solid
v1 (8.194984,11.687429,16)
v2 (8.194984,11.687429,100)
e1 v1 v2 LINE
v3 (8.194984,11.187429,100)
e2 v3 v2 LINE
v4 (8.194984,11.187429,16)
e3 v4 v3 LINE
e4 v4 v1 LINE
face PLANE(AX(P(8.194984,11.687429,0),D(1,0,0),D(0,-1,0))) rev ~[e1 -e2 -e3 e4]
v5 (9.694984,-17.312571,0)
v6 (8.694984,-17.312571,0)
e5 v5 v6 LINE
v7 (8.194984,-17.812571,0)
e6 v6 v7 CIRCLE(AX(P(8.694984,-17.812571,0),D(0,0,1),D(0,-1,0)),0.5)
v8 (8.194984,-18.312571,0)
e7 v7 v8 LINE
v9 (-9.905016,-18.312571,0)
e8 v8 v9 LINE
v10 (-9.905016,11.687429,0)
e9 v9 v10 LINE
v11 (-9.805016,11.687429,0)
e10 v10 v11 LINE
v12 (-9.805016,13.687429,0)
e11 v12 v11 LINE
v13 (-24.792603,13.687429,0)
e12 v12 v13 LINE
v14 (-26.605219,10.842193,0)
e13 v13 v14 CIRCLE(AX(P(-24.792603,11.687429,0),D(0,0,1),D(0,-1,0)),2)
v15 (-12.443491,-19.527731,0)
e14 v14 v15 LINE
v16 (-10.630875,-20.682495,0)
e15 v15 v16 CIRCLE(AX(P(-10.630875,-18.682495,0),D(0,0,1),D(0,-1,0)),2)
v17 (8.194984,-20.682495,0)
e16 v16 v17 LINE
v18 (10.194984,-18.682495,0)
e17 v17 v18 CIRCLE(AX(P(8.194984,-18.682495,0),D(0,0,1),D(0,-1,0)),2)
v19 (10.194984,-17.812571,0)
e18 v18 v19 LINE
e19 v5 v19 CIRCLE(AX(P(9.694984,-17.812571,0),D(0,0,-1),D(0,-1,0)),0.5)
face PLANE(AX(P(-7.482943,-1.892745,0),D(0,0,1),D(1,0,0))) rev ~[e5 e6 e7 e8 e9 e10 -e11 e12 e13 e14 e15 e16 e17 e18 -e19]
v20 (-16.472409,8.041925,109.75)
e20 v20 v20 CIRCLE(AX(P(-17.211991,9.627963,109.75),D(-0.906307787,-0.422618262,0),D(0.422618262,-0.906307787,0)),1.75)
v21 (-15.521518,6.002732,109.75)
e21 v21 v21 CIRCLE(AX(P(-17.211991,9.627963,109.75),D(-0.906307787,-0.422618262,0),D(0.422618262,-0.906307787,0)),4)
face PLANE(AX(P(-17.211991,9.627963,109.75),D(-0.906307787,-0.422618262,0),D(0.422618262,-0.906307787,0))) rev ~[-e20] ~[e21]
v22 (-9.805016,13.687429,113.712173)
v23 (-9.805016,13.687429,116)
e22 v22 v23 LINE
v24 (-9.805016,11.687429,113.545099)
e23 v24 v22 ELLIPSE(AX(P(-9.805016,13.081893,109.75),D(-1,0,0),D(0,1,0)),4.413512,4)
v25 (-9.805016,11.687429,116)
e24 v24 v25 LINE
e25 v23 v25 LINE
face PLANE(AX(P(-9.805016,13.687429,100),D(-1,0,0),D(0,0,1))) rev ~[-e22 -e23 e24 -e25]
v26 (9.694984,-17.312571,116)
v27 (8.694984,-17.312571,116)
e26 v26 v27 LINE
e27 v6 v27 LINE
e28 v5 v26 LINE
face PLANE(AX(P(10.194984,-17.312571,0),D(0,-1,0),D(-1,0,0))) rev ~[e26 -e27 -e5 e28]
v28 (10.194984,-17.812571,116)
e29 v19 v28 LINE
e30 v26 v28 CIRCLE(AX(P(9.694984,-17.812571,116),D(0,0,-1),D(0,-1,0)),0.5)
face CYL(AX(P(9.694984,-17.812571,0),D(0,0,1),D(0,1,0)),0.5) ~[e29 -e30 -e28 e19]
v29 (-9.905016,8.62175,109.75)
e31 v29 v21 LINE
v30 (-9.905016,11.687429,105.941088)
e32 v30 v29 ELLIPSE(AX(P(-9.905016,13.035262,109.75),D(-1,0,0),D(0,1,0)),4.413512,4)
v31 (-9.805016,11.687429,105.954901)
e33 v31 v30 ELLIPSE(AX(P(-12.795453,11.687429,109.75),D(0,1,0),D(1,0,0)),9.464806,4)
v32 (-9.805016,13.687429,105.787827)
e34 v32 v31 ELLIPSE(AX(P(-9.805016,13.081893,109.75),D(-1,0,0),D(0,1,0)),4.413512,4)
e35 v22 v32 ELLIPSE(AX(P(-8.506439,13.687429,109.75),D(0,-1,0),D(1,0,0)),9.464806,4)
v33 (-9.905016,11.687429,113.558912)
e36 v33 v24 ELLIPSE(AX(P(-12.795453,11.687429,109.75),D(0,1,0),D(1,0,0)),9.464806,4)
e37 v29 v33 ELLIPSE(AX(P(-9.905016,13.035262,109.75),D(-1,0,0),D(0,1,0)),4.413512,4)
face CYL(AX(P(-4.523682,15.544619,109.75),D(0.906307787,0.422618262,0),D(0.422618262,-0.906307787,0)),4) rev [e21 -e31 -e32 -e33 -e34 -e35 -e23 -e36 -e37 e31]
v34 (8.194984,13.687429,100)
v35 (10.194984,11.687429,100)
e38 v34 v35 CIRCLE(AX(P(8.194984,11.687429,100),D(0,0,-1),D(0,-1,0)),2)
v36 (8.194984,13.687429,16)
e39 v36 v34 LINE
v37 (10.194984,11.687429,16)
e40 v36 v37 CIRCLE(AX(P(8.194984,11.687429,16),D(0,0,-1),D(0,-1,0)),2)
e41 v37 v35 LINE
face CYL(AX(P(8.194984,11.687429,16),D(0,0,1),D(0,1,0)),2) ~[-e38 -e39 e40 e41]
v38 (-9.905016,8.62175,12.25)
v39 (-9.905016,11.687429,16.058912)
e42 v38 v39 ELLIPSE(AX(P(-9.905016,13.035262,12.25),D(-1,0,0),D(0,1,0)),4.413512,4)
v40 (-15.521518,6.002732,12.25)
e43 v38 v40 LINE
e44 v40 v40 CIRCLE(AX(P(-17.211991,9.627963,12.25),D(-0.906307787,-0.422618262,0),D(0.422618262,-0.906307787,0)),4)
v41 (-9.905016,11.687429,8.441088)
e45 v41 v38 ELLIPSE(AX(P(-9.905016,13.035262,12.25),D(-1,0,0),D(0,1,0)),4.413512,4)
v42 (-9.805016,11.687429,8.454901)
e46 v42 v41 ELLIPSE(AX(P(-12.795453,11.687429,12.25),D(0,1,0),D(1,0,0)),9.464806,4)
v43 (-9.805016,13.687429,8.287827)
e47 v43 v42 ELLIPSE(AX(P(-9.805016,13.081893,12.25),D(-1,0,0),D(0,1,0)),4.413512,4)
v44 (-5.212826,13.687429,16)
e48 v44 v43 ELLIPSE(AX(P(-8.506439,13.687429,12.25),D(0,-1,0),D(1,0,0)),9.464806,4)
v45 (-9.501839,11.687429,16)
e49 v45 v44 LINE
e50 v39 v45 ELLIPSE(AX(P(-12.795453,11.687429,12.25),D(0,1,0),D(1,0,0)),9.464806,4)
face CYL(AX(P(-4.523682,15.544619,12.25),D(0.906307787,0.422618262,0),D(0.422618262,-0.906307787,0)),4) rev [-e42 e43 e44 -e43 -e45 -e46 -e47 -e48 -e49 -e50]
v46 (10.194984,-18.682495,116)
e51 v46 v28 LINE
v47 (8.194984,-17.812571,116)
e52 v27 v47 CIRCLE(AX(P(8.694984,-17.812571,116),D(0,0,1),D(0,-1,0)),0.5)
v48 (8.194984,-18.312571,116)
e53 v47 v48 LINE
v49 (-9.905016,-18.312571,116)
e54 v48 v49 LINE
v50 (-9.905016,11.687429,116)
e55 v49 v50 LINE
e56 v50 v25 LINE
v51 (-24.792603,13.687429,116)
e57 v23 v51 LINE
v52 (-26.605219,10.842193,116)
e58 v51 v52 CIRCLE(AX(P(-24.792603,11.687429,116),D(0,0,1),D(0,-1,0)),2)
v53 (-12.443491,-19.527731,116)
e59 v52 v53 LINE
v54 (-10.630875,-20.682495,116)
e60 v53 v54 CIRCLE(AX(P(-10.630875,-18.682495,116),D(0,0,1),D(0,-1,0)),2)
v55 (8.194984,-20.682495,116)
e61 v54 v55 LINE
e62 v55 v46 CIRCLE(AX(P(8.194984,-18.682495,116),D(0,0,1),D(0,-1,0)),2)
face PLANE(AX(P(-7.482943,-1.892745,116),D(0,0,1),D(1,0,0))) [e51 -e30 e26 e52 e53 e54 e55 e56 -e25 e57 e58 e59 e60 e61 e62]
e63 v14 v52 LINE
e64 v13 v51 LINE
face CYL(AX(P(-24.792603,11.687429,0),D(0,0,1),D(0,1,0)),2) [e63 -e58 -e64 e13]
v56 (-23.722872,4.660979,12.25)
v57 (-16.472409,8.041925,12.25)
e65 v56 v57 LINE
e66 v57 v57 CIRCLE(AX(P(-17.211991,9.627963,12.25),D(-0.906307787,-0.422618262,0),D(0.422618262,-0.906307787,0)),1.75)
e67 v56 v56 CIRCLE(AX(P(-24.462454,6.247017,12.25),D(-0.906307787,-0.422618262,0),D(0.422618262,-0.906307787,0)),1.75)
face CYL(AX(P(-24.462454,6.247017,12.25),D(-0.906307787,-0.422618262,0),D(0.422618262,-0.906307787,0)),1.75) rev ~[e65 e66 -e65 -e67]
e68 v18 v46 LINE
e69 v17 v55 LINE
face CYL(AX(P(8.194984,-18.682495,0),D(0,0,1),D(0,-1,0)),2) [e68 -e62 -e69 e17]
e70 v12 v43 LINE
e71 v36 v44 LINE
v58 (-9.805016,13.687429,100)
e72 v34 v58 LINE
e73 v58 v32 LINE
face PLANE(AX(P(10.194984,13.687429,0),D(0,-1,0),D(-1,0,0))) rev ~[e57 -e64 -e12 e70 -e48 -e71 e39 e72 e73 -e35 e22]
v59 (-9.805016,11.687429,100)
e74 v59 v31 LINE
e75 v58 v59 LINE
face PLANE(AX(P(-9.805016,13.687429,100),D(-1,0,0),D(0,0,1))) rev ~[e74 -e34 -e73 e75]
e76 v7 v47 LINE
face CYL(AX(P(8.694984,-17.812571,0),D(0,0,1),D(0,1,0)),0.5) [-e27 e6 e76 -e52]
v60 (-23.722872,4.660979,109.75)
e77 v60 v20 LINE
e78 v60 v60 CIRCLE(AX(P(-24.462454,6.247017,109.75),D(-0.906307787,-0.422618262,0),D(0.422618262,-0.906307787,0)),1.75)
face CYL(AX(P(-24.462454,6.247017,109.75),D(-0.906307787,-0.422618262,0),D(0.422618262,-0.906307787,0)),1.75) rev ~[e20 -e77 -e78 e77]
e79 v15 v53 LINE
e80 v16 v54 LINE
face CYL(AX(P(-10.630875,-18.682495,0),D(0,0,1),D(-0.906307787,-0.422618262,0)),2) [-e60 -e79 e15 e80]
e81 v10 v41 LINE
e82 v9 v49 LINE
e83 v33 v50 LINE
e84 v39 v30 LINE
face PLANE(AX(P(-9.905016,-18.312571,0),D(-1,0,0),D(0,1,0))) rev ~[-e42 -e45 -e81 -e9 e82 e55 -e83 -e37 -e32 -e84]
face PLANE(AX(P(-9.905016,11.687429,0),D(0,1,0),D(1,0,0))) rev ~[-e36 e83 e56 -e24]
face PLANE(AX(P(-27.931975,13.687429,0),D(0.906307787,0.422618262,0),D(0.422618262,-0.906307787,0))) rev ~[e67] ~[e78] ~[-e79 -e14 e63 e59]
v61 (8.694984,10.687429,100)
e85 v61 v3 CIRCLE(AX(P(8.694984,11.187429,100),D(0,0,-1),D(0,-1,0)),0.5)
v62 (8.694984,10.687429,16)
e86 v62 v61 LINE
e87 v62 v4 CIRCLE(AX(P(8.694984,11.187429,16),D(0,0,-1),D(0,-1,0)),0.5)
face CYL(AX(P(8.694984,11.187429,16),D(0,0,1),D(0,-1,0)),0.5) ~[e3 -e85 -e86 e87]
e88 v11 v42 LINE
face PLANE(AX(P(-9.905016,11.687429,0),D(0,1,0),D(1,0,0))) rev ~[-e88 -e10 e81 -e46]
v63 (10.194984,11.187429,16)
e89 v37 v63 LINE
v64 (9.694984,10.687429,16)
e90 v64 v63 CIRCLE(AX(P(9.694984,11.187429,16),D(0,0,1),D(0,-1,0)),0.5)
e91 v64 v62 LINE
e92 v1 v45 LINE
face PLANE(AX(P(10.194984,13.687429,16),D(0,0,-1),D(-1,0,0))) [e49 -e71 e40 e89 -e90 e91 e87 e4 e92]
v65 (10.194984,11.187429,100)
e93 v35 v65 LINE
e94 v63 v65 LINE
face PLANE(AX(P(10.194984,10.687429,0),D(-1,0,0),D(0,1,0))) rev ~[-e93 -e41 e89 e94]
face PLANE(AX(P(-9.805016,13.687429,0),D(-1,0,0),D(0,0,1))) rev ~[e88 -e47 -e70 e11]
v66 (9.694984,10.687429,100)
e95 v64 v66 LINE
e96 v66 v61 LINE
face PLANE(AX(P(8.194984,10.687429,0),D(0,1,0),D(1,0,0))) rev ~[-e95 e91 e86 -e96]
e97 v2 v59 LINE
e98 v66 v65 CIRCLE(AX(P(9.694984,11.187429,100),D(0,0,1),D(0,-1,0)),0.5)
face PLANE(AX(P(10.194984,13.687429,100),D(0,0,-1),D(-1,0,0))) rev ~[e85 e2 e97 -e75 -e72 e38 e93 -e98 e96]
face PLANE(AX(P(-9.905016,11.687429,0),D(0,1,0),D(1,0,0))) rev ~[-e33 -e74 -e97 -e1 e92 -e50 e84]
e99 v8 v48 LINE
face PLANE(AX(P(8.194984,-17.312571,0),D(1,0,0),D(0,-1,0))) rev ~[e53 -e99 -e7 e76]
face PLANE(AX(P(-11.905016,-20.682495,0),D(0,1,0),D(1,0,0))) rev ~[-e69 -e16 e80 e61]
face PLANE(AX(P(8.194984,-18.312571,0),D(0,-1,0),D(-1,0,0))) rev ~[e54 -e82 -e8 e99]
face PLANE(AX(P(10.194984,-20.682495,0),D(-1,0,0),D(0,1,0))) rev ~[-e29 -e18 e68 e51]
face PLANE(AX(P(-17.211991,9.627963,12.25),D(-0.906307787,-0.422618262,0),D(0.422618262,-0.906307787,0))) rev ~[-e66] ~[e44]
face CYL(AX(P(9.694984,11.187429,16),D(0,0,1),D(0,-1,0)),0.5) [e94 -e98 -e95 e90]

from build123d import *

# Parameters (mm, degrees)
PAD_DEPTH       = 116
SKETCH001_R     = 1.75
POCKET_DEPTH    = 17.6055143834
SKETCH002_R     = 4
POCKET001_DEPTH = 14
SKETCH003_W     = 20
SKETCH003_H     = 16
POCKET002_DEPTH = 5
FILLET_R        = 2
FILLET001_R     = 2
FILLET002_R     = 0.5
FILLET003_R     = 0.5


with BuildPart() as part:
    # Sketch (on XY_Plane of Origin) → Pad (new body)
    with BuildSketch(Plane.XY):
        Polygon((10.1949841474, 13.6874291489), (-11.9050158526, 13.6874291489), (-27.9319746193, 13.6874291489), (-11.9050158526, -20.6824948412), (10.1949841474, -20.6824948412), (10.1949841474, -18.6824948412), (10.1949841474, -17.3125708511), (8.1949841474, -17.3125708511), (8.1949841474, -18.3125708511), (-9.9050158526, -18.3125708511), (-9.9050158526, 11.6874291489), (8.1949841474, 11.6874291489), (8.1949841474, 10.6874291489), (10.1949841474, 10.6874291489), align=None)
    extrude(amount=PAD_DEPTH)

    # Sketch001 (on Face10 of Pad) → Pocket (cut)
    with BuildSketch(Plane(origin=(-17.7005613893, -8.2539073295, 0), x_dir=(0.4226182617, -0.906307787, 0), z_dir=(-0.906307787, -0.4226182617, 0))):
        with Locations((-16, 109.75)):
            Circle(SKETCH001_R)
        with Locations((-16, 12.25)):
            Circle(SKETCH001_R)
    extrude(amount=-POCKET_DEPTH, mode=Mode.SUBTRACT)

    # Sketch002 (on Face12 of Pocket) → Pocket001 (cut)
    with BuildSketch(Plane(origin=(2.2382099255, 1.0436944288, 0), x_dir=(0.4226182617, -0.906307787, 0), z_dir=(-0.906307787, -0.4226182617, 0))):
        with Locations((-16, 109.75)):
            Circle(SKETCH002_R)
        with Locations((-16, 12.25)):
            Circle(SKETCH002_R)
    extrude(amount=POCKET001_DEPTH, mode=Mode.SUBTRACT)

    # Sketch003 (on Face11 of Pocket001) → Pocket002 (cut)
    with BuildSketch(Plane(origin=(0, 13.6874291489, 0), x_dir=(-1, 0, 0), z_dir=(0, 1, 0))):
        with Locations((-0.1949841474, 8)):
            Rectangle(SKETCH003_W, SKETCH003_H)
        with Locations((-0.1949841474, 108)):
            Rectangle(SKETCH003_W, SKETCH003_H)
    extrude(amount=-POCKET002_DEPTH, mode=Mode.SUBTRACT)

    # Fillet
    fillet_edges = [part.edges().sort_by_distance(p)[0] for p in [
        (-27.931975, 13.687429, 58),
        (-11.905016, -20.682495, 58),
    ]]
    fillet(fillet_edges, radius=FILLET_R)

    # Fillet001
    fillet001_edges = [part.edges().sort_by_distance(p)[0] for p in [
        (10.194984, -20.682495, 58),
        (10.194984, 13.687429, 58),
    ]]
    fillet(fillet001_edges, radius=FILLET001_R)

    # Fillet002
    fillet002_edges = [part.edges().sort_by_distance(p)[0] for p in [
        (8.194984, 10.687429, 58),
        (8.194984, -17.312571, 58),
    ]]
    fillet(fillet002_edges, radius=FILLET002_R)

    # Fillet003
    fillet003_edges = [part.edges().sort_by_distance(p)[0] for p in [
        (10.194984, 10.687429, 58),
        (10.194984, -17.312571, 58),
    ]]
    fillet(fillet003_edges, radius=FILLET003_R)


solid = part.part
